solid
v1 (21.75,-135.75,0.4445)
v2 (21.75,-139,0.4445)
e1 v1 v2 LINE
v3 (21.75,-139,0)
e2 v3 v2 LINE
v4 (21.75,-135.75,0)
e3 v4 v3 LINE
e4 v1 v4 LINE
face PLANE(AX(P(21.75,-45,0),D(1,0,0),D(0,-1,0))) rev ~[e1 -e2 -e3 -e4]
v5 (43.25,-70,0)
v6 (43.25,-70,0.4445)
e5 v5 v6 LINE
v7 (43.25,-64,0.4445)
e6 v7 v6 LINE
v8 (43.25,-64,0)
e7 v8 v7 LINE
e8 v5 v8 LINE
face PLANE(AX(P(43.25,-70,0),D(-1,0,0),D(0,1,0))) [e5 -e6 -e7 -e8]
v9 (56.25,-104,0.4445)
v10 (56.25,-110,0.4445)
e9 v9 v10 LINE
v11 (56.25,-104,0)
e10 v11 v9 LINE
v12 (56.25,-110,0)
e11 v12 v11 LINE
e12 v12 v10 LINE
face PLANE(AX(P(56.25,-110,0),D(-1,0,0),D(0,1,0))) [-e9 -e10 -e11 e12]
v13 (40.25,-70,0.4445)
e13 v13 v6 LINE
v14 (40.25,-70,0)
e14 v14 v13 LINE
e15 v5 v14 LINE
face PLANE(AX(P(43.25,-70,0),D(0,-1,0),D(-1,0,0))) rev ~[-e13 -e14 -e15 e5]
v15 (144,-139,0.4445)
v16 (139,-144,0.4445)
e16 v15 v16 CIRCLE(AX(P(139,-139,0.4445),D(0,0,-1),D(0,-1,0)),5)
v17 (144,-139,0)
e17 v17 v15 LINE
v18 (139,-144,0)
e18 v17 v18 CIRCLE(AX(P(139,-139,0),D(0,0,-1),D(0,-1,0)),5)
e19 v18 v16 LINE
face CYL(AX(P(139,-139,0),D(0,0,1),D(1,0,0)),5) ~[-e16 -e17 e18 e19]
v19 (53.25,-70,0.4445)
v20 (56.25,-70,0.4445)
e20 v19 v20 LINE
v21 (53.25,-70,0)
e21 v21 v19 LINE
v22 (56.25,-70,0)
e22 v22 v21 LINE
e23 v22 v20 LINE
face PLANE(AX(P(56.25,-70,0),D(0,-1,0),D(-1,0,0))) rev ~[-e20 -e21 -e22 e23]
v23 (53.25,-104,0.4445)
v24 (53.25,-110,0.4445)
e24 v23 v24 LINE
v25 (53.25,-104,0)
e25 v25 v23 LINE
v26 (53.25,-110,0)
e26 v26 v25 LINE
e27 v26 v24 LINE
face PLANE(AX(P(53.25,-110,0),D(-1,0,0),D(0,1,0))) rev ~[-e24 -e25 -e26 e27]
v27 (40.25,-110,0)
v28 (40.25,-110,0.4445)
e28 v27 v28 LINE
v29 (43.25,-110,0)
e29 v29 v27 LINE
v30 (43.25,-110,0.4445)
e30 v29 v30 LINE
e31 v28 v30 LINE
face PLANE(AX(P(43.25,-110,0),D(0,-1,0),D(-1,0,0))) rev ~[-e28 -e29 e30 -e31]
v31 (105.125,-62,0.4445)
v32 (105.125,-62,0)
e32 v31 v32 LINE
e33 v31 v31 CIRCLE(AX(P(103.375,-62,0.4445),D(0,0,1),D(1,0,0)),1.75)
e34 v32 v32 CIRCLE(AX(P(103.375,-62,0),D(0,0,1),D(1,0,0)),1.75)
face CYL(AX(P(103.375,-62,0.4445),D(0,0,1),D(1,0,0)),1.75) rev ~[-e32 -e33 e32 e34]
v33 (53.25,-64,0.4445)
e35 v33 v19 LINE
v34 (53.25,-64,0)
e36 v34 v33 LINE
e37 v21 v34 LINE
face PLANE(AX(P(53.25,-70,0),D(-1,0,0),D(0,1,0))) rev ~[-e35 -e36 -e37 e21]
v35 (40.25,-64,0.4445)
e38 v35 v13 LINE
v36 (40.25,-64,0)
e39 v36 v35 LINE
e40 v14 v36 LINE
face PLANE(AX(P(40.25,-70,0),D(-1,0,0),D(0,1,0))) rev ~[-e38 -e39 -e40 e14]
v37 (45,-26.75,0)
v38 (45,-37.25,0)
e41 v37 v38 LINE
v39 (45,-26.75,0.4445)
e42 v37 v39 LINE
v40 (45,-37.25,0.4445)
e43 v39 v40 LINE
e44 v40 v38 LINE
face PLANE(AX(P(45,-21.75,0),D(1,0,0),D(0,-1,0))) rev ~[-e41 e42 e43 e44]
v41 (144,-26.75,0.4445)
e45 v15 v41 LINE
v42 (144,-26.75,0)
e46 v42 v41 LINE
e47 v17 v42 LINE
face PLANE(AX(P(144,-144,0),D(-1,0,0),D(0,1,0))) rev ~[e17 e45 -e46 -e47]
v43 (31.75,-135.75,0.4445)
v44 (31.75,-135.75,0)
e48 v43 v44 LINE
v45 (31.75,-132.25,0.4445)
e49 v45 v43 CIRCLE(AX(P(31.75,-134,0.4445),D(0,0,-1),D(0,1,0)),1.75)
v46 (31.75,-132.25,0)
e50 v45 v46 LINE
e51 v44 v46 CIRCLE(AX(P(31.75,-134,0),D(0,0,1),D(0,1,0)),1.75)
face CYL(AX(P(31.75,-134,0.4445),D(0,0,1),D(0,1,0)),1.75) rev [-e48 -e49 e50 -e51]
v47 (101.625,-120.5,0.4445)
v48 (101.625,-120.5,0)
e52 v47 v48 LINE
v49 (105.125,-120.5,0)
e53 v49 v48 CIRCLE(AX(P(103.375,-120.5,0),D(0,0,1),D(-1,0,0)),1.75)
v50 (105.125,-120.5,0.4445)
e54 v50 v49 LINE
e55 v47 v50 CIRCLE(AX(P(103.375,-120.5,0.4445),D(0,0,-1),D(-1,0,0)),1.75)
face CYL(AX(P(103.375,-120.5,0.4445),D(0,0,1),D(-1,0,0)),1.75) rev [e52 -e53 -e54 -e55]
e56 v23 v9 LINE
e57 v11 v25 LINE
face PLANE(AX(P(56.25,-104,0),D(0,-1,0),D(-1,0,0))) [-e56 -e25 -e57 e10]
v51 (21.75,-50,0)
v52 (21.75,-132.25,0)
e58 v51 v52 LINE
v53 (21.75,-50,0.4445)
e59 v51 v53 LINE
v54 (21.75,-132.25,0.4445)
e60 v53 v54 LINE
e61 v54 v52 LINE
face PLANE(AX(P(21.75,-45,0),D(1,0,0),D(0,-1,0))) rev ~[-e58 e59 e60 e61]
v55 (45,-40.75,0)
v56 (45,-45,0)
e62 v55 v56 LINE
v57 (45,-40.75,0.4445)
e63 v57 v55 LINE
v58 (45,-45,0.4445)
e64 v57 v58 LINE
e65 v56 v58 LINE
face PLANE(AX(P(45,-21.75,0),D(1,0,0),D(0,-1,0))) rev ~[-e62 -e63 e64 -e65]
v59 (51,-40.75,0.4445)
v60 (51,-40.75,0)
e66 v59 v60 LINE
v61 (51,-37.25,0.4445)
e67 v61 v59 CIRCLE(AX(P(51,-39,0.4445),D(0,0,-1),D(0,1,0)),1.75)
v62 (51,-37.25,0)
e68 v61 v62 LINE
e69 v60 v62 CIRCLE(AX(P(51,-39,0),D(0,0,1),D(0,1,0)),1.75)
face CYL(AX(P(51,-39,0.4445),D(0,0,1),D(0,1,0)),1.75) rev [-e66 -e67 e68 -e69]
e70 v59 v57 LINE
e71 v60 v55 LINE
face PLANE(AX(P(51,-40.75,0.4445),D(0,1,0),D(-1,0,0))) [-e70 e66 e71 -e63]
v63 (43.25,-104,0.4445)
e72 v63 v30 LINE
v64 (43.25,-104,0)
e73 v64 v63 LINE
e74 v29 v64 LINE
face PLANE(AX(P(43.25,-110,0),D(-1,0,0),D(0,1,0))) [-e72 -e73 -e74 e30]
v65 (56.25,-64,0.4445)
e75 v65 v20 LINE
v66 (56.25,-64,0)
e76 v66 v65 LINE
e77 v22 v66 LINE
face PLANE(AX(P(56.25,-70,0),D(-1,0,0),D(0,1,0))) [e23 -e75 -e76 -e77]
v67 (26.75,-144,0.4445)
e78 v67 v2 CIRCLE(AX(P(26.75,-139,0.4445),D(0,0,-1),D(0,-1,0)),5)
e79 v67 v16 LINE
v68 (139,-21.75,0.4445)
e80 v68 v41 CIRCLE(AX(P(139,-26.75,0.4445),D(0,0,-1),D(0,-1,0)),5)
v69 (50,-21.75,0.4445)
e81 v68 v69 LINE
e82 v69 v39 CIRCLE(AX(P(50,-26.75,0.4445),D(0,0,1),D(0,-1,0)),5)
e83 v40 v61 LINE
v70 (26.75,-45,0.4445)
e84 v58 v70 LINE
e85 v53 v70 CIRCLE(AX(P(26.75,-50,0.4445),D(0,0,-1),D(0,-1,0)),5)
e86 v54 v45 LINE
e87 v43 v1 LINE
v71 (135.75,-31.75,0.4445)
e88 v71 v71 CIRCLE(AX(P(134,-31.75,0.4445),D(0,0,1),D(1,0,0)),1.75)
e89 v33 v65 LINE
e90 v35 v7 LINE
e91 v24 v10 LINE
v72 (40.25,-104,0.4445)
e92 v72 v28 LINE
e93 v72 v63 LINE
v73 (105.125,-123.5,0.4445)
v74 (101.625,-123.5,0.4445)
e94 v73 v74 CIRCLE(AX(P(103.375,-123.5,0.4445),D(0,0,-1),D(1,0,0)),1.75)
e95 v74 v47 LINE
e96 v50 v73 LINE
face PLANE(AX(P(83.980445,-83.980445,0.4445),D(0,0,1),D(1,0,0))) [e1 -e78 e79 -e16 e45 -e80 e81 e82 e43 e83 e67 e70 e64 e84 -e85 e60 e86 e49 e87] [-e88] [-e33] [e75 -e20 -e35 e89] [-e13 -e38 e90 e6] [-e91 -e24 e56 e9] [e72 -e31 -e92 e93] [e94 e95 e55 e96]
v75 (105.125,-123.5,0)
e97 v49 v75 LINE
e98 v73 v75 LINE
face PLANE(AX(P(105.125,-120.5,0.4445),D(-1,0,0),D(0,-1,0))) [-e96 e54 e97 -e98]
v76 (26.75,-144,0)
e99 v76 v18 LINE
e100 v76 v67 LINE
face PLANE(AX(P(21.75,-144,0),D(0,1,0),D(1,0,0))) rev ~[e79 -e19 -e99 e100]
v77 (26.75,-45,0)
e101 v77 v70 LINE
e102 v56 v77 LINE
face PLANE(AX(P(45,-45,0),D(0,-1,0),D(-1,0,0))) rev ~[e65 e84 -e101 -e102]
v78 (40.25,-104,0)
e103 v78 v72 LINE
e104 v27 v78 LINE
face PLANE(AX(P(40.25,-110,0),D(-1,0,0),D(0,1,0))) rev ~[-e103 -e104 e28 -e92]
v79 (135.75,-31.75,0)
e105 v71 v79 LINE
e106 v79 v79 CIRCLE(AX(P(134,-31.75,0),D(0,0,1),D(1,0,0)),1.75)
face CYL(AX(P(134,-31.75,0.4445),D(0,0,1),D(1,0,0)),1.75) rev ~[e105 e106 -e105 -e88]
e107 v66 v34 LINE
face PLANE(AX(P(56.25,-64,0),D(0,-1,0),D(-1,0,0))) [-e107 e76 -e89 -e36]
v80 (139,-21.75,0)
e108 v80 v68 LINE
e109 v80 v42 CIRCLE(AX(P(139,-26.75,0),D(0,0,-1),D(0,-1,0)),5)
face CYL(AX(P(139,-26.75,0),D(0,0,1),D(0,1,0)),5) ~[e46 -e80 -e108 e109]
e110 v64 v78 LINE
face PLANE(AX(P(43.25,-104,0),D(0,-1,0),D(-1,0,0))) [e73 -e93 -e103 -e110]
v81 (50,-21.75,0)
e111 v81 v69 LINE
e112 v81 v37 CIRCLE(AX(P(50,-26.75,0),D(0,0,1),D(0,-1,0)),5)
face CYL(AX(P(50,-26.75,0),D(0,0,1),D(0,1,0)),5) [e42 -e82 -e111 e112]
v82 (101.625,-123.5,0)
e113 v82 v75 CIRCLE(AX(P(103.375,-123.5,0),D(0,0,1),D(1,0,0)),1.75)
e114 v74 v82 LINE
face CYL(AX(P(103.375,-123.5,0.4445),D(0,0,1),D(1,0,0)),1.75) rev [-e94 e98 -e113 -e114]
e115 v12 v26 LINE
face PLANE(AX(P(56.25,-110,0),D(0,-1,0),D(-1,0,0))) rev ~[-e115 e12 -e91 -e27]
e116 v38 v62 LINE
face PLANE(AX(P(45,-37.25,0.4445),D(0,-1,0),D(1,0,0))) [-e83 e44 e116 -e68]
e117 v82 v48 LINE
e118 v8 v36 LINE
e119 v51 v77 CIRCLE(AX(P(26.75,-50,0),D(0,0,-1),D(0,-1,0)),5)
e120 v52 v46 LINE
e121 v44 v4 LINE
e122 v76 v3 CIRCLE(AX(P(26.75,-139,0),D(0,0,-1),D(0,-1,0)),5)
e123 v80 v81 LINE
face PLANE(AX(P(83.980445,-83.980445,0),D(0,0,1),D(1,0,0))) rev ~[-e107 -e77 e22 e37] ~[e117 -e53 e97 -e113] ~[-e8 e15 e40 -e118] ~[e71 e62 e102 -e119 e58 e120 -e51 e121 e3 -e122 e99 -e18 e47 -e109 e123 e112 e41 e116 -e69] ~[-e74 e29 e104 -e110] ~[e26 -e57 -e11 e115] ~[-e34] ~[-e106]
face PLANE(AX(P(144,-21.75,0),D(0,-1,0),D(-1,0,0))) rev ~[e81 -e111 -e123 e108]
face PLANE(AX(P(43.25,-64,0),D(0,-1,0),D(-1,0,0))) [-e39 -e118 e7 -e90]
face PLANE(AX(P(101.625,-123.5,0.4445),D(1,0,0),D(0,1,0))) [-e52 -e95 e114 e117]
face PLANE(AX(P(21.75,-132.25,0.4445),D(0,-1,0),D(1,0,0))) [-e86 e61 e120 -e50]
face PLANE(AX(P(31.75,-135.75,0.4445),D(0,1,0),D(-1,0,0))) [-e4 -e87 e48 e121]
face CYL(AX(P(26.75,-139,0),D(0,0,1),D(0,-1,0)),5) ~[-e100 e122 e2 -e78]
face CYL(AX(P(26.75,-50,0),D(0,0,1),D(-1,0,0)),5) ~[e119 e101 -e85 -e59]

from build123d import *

# Parameters (mm, degrees)
BOSS_EXTRUDE1_DEPTH = 0.4445
SKETCH2_R           = 1.75
CUT_EXTRUDE1_DEPTH  = 204.647238086
FILLET1_R           = 5
SKETCH3_W           = 3
SKETCH3_H           = 6
CUT_EXTRUDE2_DEPTH  = 204.647238086


with BuildPart() as part:
    # Sketch1 → Boss-Extrude1 (new body)
    with BuildSketch(Plane.XY):
        Polygon((144, -21.75), (45, -21.75), (45, -45), (21.75, -45), (21.75, -144), (144, -144), align=None)
    extrude(amount=BOSS_EXTRUDE1_DEPTH)

    # Sketch2 → Cut-Extrude1 (cut, through all)
    with BuildSketch(Plane.XY.offset(0.4445)):
        with Locations((134, -31.75)):
            Circle(SKETCH2_R)
        with Locations((103.375, -62)):
            Circle(SKETCH2_R)
        with BuildLine():
            Line((51, -40.75), (45, -40.75))
            ThreePointArc((45, -40.75), (43.25, -39), (45, -37.25))
            Line((45, -37.25), (51, -37.25))
            ThreePointArc((51, -37.25), (52.75, -39), (51, -40.75))
        make_face()
        with BuildLine():
            Line((31.75, -135.75), (21.75, -135.75))
            ThreePointArc((21.75, -135.75), (20, -134), (21.75, -132.25))
            Line((21.75, -132.25), (31.75, -132.25))
            ThreePointArc((31.75, -132.25), (33.5, -134), (31.75, -135.75))
        make_face()
        with BuildLine():
            Line((101.625, -123.5), (101.625, -120.5))
            ThreePointArc((101.625, -120.5), (103.375, -118.75), (105.125, -120.5))
            Line((105.125, -120.5), (105.125, -123.5))
            ThreePointArc((105.125, -123.5), (103.375, -125.25), (101.625, -123.5))
        make_face()
    extrude(amount=-CUT_EXTRUDE1_DEPTH, mode=Mode.SUBTRACT)

    # Fillet1
    fillet1_edges = [part.edges().sort_by_distance(p)[0] for p in [
        (144, -144, 0.22225),
        (21.75, -144, 0.22225),
        (21.75, -45, 0.22225),
        (45, -21.75, 0.22225),
        (144, -21.75, 0.22225),
    ]]
    fillet(fillet1_edges, radius=FILLET1_R)

    # Sketch3 → Cut-Extrude2 (cut, through all)
    with BuildSketch(Plane(origin=(0, 0, 0), x_dir=(-1, 0, 0), z_dir=(0, 0, -1))):
        with Locations((-41.75, -67)):
            Rectangle(SKETCH3_W, SKETCH3_H)
        with Locations((-54.75, -67)):
            Rectangle(SKETCH3_W, SKETCH3_H)
        with Locations((-41.75, -107)):
            Rectangle(SKETCH3_W, SKETCH3_H)
        with Locations((-54.75, -107)):
            Rectangle(SKETCH3_W, SKETCH3_H)
    extrude(amount=-CUT_EXTRUDE2_DEPTH, mode=Mode.SUBTRACT)


solid = part.part
